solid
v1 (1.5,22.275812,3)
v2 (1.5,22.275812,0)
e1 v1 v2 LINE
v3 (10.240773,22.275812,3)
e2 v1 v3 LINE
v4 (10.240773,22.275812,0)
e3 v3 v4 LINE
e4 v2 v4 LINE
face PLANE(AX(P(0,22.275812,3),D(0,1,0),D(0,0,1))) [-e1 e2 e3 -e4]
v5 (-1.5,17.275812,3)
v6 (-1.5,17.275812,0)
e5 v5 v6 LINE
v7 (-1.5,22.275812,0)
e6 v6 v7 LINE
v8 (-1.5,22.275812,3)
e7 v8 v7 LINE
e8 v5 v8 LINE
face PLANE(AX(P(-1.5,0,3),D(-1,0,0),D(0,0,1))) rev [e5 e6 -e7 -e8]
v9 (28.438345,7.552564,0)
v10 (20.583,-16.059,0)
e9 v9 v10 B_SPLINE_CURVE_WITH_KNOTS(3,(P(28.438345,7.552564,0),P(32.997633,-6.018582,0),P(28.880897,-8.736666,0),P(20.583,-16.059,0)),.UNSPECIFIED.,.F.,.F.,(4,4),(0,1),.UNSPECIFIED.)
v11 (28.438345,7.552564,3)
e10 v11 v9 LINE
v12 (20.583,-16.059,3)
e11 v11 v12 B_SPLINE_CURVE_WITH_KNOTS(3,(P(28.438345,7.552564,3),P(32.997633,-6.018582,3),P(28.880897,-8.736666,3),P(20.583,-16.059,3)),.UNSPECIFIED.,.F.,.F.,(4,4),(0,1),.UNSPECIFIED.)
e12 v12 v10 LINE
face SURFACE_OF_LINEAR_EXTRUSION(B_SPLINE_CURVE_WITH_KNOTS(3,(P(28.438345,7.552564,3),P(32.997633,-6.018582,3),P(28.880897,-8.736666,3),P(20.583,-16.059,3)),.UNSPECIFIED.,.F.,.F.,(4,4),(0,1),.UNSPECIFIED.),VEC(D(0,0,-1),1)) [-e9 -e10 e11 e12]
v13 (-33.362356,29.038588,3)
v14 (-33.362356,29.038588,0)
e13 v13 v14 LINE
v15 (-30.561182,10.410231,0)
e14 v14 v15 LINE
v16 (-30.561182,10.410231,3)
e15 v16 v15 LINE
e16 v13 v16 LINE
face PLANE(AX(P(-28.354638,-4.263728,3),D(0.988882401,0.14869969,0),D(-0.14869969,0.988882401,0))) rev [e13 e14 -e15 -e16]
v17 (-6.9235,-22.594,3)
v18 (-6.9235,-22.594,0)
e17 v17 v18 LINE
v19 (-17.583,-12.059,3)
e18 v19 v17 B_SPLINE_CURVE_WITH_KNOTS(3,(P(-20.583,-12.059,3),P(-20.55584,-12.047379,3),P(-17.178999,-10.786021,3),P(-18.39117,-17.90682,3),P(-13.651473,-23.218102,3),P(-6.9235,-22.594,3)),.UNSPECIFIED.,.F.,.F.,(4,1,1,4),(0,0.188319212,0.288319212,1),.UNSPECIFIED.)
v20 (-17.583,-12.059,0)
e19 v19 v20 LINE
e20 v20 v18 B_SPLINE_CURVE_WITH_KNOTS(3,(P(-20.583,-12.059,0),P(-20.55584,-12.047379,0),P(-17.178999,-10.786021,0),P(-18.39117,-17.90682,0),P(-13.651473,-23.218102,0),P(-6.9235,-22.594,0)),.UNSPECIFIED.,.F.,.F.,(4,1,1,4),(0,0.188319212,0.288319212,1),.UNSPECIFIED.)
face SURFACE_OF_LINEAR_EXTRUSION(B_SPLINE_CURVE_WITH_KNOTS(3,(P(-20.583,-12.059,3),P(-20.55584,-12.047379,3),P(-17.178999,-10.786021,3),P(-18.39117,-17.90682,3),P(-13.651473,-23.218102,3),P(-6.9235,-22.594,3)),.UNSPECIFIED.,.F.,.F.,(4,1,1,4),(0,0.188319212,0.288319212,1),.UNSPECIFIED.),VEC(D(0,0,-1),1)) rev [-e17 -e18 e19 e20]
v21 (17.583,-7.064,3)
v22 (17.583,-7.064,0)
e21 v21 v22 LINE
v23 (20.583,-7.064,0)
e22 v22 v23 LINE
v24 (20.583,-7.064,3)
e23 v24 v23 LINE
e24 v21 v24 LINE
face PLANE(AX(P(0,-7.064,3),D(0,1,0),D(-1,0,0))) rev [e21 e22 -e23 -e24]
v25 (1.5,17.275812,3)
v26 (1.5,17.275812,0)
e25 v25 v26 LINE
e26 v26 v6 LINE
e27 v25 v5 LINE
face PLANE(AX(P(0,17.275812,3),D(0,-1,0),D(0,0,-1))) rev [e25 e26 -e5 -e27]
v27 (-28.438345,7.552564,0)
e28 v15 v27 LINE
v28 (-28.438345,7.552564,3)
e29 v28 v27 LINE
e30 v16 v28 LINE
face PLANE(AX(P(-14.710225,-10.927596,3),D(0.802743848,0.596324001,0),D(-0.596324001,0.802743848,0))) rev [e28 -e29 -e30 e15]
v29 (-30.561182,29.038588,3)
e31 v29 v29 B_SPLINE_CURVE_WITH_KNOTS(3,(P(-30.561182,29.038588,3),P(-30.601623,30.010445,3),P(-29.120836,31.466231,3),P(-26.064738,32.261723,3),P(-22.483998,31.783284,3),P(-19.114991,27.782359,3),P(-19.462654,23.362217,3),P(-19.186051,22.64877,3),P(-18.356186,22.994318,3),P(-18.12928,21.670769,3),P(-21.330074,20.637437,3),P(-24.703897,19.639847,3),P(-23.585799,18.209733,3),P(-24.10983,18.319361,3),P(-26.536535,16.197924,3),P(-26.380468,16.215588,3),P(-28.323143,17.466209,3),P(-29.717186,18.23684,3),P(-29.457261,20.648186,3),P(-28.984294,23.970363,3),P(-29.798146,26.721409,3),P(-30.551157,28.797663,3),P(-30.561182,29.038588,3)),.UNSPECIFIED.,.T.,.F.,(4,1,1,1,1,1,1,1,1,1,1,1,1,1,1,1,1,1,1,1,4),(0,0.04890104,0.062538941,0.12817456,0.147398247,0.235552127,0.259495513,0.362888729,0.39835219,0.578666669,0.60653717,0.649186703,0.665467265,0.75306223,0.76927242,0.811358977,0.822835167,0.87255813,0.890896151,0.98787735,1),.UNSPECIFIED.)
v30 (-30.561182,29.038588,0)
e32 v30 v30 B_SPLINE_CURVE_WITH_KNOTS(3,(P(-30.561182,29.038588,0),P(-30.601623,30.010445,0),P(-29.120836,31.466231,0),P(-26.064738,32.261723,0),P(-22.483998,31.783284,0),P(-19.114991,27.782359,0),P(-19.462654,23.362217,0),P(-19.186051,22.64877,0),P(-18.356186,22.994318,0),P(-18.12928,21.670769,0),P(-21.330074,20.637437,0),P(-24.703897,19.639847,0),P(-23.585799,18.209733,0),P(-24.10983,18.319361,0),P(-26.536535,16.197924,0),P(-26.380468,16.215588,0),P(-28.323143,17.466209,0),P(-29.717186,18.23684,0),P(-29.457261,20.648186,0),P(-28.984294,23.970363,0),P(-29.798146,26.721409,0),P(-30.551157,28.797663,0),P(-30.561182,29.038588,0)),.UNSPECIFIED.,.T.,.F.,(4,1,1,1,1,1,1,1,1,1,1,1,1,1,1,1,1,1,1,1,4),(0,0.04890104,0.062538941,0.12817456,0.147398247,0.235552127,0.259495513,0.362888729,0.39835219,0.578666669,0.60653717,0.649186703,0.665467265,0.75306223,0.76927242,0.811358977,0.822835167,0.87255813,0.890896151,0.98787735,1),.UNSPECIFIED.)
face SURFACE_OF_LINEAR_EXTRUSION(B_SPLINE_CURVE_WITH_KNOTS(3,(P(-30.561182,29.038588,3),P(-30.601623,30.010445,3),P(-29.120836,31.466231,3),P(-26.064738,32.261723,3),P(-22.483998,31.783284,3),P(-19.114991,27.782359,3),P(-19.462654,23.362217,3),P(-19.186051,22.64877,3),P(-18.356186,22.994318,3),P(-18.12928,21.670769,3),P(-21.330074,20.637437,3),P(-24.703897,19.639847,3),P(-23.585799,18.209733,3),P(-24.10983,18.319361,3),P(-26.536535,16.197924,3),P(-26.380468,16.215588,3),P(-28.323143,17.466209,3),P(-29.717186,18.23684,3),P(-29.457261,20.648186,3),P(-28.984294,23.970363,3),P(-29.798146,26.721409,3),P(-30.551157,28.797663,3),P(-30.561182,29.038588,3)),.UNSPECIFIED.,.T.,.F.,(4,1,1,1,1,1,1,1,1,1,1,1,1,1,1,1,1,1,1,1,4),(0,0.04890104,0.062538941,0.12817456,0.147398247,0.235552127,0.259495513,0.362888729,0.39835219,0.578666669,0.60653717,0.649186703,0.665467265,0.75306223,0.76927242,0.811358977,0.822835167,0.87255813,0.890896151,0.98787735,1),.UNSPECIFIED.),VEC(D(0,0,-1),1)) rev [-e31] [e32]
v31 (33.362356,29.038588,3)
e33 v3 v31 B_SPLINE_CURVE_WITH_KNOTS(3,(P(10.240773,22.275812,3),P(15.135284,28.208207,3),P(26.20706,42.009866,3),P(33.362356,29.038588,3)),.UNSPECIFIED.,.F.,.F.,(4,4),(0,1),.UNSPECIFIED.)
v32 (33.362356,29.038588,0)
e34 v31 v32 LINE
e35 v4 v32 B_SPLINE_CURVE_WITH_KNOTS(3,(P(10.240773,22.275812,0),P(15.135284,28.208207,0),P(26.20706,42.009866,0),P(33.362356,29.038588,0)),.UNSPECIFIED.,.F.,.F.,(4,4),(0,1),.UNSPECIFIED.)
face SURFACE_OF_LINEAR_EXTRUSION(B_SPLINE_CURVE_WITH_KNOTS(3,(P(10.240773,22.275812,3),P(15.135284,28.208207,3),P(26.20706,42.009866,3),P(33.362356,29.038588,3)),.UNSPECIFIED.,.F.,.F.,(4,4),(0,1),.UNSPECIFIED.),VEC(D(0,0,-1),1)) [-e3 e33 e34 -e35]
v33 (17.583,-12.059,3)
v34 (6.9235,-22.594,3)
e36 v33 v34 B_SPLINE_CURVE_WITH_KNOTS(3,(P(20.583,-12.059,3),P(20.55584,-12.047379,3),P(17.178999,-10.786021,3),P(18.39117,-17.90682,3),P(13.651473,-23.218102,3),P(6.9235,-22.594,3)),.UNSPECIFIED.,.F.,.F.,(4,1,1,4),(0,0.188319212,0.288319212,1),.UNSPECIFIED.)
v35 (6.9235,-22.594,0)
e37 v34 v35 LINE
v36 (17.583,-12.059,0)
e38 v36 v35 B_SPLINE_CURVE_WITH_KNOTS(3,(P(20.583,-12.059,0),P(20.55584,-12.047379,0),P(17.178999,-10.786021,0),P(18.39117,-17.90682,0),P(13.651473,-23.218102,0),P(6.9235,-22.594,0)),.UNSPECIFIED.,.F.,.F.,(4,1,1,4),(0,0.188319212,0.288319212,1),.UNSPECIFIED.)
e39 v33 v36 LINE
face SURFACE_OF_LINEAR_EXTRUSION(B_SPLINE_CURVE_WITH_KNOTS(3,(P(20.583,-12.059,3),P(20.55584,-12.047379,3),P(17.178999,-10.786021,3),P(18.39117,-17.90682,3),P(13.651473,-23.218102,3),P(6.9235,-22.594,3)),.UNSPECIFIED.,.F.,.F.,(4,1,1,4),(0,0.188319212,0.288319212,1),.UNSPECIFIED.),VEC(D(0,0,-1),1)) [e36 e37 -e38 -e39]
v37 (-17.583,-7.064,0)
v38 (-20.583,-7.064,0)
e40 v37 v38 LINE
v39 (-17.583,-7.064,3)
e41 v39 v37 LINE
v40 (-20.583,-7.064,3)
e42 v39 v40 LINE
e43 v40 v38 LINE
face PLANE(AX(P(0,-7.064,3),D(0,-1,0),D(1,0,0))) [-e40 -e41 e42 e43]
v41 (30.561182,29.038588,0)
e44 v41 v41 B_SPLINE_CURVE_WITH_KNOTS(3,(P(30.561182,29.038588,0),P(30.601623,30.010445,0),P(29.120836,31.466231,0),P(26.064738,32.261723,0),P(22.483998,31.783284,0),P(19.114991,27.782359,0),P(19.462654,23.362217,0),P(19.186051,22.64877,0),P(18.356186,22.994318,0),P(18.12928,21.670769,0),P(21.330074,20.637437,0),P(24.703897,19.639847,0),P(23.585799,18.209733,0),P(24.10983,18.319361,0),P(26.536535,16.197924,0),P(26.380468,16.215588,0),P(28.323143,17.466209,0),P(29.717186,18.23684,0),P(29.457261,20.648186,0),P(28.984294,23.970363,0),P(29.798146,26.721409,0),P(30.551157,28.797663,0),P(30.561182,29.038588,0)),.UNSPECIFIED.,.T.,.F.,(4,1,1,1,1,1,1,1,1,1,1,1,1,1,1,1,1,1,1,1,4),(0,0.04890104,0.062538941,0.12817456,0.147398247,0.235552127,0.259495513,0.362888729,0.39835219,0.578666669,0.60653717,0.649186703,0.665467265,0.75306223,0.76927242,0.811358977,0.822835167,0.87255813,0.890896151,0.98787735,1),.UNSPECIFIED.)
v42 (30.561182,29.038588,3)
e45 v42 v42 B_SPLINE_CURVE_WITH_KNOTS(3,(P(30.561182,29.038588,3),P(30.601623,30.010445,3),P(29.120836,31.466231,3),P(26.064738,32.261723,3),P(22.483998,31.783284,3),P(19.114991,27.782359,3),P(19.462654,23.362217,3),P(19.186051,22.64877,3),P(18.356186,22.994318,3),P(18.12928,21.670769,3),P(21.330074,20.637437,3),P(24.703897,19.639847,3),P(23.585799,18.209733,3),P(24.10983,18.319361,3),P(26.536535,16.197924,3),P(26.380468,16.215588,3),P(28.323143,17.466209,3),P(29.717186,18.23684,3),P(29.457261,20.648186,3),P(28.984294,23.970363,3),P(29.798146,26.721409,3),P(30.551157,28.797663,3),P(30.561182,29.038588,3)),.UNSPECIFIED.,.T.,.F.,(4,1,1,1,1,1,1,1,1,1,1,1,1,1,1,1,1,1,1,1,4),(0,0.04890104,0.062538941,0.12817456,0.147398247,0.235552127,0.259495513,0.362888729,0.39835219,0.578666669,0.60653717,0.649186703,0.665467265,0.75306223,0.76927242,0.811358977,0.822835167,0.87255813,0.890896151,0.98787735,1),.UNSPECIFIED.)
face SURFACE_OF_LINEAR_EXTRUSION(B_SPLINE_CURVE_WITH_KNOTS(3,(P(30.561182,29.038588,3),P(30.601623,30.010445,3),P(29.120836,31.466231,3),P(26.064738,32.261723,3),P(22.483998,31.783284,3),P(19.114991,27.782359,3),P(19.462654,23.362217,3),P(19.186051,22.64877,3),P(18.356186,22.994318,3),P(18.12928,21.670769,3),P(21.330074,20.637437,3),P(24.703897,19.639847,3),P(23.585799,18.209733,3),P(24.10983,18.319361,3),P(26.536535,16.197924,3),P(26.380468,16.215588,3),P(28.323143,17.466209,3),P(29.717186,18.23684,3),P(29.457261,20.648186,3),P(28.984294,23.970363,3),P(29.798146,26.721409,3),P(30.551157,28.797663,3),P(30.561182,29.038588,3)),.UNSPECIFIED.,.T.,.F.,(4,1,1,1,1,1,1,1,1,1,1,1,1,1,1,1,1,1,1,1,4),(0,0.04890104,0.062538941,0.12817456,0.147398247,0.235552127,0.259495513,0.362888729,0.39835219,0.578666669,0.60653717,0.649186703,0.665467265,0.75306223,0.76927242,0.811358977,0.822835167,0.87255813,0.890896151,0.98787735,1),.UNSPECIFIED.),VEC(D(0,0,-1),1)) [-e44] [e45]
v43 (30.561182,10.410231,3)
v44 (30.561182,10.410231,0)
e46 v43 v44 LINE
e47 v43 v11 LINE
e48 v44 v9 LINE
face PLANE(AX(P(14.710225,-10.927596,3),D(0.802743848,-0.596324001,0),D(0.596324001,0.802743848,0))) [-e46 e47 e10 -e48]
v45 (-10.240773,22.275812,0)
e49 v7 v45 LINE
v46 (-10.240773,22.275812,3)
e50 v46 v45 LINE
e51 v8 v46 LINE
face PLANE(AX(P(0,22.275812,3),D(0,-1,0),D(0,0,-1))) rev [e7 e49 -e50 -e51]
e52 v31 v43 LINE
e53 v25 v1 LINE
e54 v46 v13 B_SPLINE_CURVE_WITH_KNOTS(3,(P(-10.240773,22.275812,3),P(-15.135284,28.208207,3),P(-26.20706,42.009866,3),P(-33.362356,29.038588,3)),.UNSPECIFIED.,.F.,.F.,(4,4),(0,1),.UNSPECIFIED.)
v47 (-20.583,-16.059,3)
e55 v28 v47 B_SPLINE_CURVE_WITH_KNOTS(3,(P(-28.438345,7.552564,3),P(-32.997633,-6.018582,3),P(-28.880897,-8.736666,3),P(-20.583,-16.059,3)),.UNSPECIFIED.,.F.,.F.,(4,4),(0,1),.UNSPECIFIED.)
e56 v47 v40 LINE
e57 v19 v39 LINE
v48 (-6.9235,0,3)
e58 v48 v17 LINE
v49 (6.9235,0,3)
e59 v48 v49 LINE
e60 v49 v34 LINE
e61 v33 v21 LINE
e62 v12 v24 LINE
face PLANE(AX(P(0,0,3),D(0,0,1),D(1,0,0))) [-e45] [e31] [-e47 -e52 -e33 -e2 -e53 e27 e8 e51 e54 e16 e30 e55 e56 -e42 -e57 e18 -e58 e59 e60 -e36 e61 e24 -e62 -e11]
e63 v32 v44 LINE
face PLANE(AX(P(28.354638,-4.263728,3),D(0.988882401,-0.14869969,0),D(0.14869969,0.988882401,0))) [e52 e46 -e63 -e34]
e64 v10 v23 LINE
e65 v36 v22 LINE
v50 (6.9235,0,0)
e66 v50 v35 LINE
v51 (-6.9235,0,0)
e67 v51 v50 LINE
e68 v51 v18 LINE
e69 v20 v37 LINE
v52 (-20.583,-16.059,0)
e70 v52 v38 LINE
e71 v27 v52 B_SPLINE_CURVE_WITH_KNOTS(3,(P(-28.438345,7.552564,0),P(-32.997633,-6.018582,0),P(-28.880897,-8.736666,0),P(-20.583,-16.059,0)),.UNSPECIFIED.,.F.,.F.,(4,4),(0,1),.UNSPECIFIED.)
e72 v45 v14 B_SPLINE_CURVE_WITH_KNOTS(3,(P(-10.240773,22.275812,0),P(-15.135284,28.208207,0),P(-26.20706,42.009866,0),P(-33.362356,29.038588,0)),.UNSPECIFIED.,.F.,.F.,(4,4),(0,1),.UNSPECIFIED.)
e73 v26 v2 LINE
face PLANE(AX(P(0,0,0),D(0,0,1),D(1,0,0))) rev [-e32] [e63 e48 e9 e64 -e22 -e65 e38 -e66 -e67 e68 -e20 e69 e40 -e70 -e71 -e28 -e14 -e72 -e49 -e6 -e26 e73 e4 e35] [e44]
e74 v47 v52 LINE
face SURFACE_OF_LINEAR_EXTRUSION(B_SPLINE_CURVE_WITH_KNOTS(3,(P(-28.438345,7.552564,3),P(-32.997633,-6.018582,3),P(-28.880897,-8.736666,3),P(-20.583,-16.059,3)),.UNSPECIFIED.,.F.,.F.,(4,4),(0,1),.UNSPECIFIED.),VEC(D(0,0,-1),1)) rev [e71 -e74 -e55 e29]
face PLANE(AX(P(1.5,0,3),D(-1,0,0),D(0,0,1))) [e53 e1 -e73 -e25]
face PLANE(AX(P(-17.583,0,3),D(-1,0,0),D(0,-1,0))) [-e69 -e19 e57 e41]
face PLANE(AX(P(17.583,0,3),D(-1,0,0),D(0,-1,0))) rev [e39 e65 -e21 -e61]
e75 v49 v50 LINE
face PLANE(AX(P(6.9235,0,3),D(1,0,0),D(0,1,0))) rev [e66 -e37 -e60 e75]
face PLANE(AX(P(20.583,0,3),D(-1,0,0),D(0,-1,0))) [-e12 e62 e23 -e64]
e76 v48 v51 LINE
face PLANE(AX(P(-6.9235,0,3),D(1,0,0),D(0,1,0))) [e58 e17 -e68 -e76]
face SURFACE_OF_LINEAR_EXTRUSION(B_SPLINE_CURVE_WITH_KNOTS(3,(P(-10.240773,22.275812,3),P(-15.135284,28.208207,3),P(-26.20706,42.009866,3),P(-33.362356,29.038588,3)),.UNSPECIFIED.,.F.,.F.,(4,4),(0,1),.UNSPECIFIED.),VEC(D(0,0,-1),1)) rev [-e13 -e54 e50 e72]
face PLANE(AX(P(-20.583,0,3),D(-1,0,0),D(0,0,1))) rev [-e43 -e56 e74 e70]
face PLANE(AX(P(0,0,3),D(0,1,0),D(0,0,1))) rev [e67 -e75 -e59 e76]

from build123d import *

# Parameters (mm, degrees)
BOSS_EXTRUDE1_DEPTH = 3


with BuildPart() as part:
    # Sketch1 → Boss-Extrude1 (new body)
    with BuildSketch(Plane.XY):
        with BuildLine():
            Line((-6.9235, -22.594), (-6.9235, 0))
            Line((-6.9235, 0), (6.9235, 0))
            Line((6.9235, 0), (6.9235, -22.594))
            add(Edge.make_bspline(
                [(17.583, -12.059), (17.454198014, -12.424689237), (18.268985251, -18.04374019), (13.651472591, -23.218102232), (6.9235, -22.594)],
                knots=[0.209243569, 0.209243569, 0.209243569, 0.209243569, 0.288319212, 1, 1, 1, 1], degree=3))
            Line((17.583, -12.059), (17.583, -7.064))
            Line((17.583, -7.064), (20.583, -7.064))
            Line((20.583, -7.064), (20.583, -12.059))
            Line((20.583, -12.059), (20.583, -16.059))
            add(Edge.make_bspline(
                [(28.43834454, 7.552564304), (32.997632777, -6.01858174), (28.880897212, -8.736665621), (20.583, -16.059)],
                knots=[0, 0, 0, 0, 1, 1, 1, 1], degree=3))
            Line((28.43834454, 7.552564304), (30.561182437, 10.410230704))
            Line((30.561182437, 10.410230704), (33.362355672, 29.038587718))
            add(Edge.make_bspline(
                [(10.240773283, 22.27581246), (15.135283881, 28.20820674), (26.207060441, 42.009865942), (33.362355672, 29.038587718)],
                knots=[0, 0, 0, 0, 1, 1, 1, 1], degree=3))
            Line((10.240773283, 22.27581246), (1.5, 22.27581246))
            Line((1.5, 22.27581246), (1.5, 17.27581246))
            Line((1.5, 17.27581246), (-1.5, 17.27581246))
            Line((-1.5, 17.27581246), (-1.5, 22.27581246))
            Line((-1.5, 22.27581246), (-10.240773283, 22.27581246))
            add(Edge.make_bspline(
                [(-10.240773283, 22.27581246), (-15.135283881, 28.20820674), (-26.207060441, 42.009865942), (-33.362355672, 29.038587718)],
                knots=[0, 0, 0, 0, 1, 1, 1, 1], degree=3))
            Line((-33.362355672, 29.038587718), (-30.561182437, 10.410230704))
            Line((-30.561182437, 10.410230704), (-28.43834454, 7.552564304))
            add(Edge.make_bspline(
                [(-28.43834454, 7.552564304), (-32.997632777, -6.01858174), (-28.880897212, -8.736665621), (-20.583, -16.059)],
                knots=[0, 0, 0, 0, 1, 1, 1, 1], degree=3))
            Line((-20.583, -16.059), (-20.583, -12.059))
            Line((-20.583, -12.059), (-20.583, -7.064))
            Line((-20.583, -7.064), (-17.583, -7.064))
            Line((-17.583, -7.064), (-17.583, -12.059))
            add(Edge.make_bspline(
                [(-17.583, -12.059), (-17.454198014, -12.424689237), (-18.268985251, -18.04374019), (-13.651472591, -23.218102232), (-6.9235, -22.594)],
                knots=[0.209243569, 0.209243569, 0.209243569, 0.209243569, 0.288319212, 1, 1, 1, 1], degree=3))
        make_face()
        with BuildLine():
            add(Edge.make_bspline(
                [(-30.561182437, 29.038587718), (-30.601623166, 30.010444924), (-29.120836323, 31.466231074), (-26.064738145, 32.261723033), (-22.48399757, 31.783283887), (-19.114990892, 27.782359473), (-19.462654323, 23.362216847), (-19.18605135, 22.648770217), (-18.356186086, 22.994318154), (-18.129279767, 21.670769044), (-21.330074211, 20.637436805), (-24.703897253, 19.639847226), (-23.585799072, 18.209732946), (-24.109830269, 18.319361016), (-26.536535198, 16.197923611), (-26.380468497, 16.215587772), (-28.323143016, 17.466208872), (-29.717186117, 18.236839888), (-29.457260609, 20.648185595), (-28.984293969, 23.970363263), (-29.798146424, 26.721408613), (-30.551157112, 28.797662683), (-30.561182437, 29.038587718)],
                knots=[0, 0, 0, 0, 0.04890104, 0.062538941, 0.12817456, 0.147398247, 0.235552127, 0.259495513, 0.362888729, 0.39835219, 0.578666669, 0.60653717, 0.649186703, 0.665467265, 0.75306223, 0.76927242, 0.811358977, 0.822835167, 0.87255813, 0.890896151, 0.98787735, 1, 1, 1, 1], degree=3))
        make_face(mode=Mode.SUBTRACT)
        with BuildLine():
            add(Edge.make_bspline(
                [(30.561182437, 29.038587718), (30.601623166, 30.010444924), (29.120836323, 31.466231074), (26.064738145, 32.261723033), (22.48399757, 31.783283887), (19.114990892, 27.782359473), (19.462654323, 23.362216847), (19.18605135, 22.648770217), (18.356186086, 22.994318154), (18.129279767, 21.670769044), (21.330074211, 20.637436805), (24.703897253, 19.639847226), (23.585799072, 18.209732946), (24.109830269, 18.319361016), (26.536535198, 16.197923611), (26.380468497, 16.215587772), (28.323143016, 17.466208872), (29.717186117, 18.236839888), (29.457260609, 20.648185595), (28.984293969, 23.970363263), (29.798146424, 26.721408613), (30.551157112, 28.797662683), (30.561182437, 29.038587718)],
                knots=[0, 0, 0, 0, 0.04890104, 0.062538941, 0.12817456, 0.147398247, 0.235552127, 0.259495513, 0.362888729, 0.39835219, 0.578666669, 0.60653717, 0.649186703, 0.665467265, 0.75306223, 0.76927242, 0.811358977, 0.822835167, 0.87255813, 0.890896151, 0.98787735, 1, 1, 1, 1], degree=3))
        make_face(mode=Mode.SUBTRACT)
    extrude(amount=BOSS_EXTRUDE1_DEPTH)


solid = part.part
